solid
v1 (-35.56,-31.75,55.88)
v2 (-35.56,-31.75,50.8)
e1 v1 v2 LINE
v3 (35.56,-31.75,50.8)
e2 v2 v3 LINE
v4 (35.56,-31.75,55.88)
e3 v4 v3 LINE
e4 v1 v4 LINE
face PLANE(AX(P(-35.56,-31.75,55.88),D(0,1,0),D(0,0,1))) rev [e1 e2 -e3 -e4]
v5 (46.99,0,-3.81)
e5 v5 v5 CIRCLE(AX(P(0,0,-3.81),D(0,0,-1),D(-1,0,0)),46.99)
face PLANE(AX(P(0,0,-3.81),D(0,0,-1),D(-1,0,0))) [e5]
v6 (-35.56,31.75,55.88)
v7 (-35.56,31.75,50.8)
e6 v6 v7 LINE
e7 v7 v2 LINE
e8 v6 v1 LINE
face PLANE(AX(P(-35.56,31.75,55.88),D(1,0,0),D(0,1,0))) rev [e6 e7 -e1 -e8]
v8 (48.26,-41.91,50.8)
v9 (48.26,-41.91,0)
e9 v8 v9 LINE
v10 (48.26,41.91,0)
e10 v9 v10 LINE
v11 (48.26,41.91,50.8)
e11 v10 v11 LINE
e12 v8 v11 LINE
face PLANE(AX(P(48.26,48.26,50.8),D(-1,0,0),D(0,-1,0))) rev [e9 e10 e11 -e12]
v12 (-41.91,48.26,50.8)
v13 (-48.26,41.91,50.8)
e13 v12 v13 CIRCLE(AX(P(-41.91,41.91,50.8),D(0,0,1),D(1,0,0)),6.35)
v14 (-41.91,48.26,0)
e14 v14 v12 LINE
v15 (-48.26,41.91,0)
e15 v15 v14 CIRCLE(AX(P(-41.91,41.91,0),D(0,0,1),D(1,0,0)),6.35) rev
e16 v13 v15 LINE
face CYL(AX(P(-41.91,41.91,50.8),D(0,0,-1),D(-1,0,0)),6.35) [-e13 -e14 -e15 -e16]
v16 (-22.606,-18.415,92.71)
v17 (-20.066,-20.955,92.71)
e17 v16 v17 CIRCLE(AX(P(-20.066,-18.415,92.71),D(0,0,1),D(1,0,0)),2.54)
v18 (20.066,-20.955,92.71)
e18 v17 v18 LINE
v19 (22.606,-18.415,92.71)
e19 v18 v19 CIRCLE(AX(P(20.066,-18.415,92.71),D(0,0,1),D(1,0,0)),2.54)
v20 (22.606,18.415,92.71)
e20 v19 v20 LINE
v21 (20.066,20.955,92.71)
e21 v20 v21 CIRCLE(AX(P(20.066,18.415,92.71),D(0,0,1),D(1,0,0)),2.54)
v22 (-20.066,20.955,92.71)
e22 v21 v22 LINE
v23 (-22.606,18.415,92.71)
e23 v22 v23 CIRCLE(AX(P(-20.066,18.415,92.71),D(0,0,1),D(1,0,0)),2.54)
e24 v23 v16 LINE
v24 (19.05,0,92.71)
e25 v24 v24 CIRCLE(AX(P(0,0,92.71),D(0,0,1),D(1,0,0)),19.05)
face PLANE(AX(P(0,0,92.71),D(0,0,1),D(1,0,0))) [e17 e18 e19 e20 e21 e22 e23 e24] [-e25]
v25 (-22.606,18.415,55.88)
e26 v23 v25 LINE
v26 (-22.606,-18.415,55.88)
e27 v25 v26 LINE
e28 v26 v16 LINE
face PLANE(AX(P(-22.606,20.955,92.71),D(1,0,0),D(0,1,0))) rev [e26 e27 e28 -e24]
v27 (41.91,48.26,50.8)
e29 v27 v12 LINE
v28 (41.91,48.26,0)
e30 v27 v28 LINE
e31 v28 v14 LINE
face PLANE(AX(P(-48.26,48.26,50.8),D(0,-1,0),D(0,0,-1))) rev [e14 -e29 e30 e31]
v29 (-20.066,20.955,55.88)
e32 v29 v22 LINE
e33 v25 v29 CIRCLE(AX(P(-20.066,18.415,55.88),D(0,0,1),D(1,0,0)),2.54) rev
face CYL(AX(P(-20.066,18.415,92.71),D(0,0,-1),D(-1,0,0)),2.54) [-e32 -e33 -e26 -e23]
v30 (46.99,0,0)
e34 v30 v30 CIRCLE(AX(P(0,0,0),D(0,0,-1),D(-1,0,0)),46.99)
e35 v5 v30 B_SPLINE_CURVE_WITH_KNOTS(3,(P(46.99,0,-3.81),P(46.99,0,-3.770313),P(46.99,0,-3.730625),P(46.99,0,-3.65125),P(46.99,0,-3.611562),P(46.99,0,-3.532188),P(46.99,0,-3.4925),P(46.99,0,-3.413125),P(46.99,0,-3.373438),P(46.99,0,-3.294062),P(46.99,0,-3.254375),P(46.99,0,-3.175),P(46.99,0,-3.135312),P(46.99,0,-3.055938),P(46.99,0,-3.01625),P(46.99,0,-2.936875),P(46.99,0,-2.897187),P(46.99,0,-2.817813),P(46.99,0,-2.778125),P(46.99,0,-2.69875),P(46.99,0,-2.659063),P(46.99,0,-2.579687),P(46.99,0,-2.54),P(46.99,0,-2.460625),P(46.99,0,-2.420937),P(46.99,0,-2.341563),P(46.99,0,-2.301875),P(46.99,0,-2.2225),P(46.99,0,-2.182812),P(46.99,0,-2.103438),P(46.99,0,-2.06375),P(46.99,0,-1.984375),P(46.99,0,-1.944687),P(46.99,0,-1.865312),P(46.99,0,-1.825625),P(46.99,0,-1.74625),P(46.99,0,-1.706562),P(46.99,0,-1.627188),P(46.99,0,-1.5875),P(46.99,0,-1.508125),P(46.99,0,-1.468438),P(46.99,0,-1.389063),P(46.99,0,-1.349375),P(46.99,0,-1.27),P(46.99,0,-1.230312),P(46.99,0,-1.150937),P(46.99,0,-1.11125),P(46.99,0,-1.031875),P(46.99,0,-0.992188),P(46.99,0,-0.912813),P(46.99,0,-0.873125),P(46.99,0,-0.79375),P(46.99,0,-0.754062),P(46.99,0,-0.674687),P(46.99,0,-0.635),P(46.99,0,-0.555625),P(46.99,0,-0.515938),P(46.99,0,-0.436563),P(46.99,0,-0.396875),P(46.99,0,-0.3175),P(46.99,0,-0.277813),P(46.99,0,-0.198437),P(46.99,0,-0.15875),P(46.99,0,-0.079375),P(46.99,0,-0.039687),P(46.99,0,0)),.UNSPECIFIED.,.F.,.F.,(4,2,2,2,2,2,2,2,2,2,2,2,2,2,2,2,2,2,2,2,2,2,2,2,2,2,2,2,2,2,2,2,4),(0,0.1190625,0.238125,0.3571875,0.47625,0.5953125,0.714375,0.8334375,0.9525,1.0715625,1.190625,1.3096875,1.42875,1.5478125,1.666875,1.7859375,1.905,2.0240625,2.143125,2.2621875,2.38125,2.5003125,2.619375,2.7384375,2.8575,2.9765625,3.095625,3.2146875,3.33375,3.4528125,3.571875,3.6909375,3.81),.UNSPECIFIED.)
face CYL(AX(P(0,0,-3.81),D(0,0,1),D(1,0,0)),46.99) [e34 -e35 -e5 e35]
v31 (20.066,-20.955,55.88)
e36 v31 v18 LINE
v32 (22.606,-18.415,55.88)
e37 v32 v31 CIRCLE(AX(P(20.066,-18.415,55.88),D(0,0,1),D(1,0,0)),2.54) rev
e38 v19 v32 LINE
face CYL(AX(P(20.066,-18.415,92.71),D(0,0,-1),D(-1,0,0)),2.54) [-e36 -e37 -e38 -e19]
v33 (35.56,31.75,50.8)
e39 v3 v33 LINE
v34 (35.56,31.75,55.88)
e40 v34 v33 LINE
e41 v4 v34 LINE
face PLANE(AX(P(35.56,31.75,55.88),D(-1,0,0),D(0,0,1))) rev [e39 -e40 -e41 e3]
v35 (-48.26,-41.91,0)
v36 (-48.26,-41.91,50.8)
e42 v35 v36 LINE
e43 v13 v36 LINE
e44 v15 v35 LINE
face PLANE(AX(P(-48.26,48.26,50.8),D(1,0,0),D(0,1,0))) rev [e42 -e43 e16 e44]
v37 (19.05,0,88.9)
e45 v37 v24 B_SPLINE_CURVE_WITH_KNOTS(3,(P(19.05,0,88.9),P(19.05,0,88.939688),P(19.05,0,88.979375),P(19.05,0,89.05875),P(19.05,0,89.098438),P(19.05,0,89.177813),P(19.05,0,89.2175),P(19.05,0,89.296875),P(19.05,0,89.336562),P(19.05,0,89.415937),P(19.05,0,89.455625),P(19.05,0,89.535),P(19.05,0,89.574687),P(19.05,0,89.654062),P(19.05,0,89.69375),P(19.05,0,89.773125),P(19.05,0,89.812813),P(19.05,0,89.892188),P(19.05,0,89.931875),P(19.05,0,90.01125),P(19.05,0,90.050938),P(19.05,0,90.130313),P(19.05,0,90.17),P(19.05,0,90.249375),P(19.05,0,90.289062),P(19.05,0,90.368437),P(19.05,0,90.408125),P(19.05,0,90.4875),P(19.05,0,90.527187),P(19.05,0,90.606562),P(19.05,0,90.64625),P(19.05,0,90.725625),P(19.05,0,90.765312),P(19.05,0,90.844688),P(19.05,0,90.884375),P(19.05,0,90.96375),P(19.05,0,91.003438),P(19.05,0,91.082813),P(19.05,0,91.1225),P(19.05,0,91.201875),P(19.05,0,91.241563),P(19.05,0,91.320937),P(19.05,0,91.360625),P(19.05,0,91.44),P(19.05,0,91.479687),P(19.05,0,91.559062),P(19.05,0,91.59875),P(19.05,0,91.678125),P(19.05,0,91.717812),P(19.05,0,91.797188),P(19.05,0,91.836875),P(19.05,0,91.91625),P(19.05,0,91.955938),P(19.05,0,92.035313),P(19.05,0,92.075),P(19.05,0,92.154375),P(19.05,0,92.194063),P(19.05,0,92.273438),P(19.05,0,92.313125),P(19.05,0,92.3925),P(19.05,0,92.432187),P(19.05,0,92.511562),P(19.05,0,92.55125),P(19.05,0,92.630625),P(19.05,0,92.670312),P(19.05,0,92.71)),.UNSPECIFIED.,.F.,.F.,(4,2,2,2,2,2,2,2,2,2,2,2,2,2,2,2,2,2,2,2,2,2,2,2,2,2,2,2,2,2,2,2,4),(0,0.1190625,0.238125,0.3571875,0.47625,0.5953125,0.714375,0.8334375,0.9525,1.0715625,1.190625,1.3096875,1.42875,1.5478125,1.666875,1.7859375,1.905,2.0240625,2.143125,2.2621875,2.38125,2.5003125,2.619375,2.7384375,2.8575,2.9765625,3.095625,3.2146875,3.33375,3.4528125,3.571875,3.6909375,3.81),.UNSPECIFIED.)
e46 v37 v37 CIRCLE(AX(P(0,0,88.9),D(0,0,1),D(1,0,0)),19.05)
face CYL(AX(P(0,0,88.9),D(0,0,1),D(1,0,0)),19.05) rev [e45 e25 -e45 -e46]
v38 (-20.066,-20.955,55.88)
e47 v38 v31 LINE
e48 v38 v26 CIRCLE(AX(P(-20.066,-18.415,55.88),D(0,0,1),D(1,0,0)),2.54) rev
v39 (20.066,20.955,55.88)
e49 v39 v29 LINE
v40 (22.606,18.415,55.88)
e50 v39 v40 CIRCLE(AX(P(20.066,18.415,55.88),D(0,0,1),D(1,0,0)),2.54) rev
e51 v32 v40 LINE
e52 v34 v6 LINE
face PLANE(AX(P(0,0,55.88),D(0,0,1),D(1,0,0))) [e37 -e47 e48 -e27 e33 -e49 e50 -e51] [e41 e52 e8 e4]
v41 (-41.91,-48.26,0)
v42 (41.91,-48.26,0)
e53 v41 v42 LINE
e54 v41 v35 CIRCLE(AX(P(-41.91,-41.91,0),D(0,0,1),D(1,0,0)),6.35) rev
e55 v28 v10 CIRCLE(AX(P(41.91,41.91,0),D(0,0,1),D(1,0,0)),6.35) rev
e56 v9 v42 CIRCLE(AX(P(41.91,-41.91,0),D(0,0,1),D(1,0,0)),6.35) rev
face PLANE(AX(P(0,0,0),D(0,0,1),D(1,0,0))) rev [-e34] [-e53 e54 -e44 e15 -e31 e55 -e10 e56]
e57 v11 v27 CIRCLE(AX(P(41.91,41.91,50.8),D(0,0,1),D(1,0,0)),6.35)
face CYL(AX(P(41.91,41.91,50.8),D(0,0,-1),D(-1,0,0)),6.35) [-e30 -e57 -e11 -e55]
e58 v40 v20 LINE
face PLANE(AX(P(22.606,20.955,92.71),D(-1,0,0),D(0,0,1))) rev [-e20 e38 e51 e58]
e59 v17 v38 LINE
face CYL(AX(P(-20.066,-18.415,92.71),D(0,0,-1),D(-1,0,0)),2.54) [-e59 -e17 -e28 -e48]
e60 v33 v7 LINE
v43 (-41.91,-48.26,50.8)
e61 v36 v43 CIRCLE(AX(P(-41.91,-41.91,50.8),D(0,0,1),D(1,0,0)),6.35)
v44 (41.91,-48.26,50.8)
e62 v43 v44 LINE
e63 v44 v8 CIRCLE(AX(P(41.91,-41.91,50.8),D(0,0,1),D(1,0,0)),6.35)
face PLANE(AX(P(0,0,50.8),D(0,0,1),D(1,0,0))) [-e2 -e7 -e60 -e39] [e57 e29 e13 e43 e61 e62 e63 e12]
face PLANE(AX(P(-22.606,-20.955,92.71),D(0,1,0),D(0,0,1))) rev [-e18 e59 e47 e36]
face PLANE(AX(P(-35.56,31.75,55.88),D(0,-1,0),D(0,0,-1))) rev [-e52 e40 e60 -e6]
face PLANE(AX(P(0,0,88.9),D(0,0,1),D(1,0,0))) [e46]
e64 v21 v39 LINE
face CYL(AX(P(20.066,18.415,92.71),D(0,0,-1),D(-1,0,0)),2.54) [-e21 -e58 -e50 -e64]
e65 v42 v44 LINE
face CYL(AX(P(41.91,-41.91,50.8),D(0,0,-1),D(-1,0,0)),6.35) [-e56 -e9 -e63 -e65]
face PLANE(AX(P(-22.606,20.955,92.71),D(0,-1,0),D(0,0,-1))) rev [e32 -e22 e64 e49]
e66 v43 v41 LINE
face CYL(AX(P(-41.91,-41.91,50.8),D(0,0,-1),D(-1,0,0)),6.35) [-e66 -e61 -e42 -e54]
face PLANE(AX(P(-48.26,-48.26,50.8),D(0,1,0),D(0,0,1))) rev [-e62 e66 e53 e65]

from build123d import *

# Parameters (mm, degrees)
SKETCH1_W           = 96.52
SKETCH1_H           = 96.52
BOSS_EXTRUDE1_DEPTH = 50.8
SKETCH2_W           = 71.12
SKETCH2_H           = 63.5
BOSS_EXTRUDE2_DEPTH = 5.08
SKETCH3_W           = 45.212
SKETCH3_H           = 41.91
BOSS_EXTRUDE3_DEPTH = 36.83
SKETCH4_R           = 19.05
CUT_EXTRUDE1_DEPTH  = 3.81
SKETCH5_R           = 46.99
BOSS_EXTRUDE4_DEPTH = 3.81
FILLET1_R           = 2.54
FILLET2_R           = 6.35


with BuildPart() as part:
    # Sketch1 → Boss-Extrude1 (new body)
    with BuildSketch(Plane.XY):
        Rectangle(SKETCH1_W, SKETCH1_H)
    extrude(amount=BOSS_EXTRUDE1_DEPTH)

    # Sketch2 → Boss-Extrude2 (add)
    with BuildSketch(Plane.XY.offset(50.8)):
        Rectangle(SKETCH2_W, SKETCH2_H)
    extrude(amount=BOSS_EXTRUDE2_DEPTH)

    # Sketch3 → Boss-Extrude3 (add)
    with BuildSketch(Plane.XY.offset(55.88)):
        Rectangle(SKETCH3_W, SKETCH3_H)
    extrude(amount=BOSS_EXTRUDE3_DEPTH)

    # Sketch4 → Cut-Extrude1 (cut)
    with BuildSketch(Plane.XY.offset(92.71)):
        Circle(SKETCH4_R)
    extrude(amount=-CUT_EXTRUDE1_DEPTH, mode=Mode.SUBTRACT)

    # Sketch5 → Boss-Extrude4 (add)
    with BuildSketch(Plane(origin=(0, 0, 0), x_dir=(-1, 0, 0), z_dir=(0, 0, -1))):
        with Locations(Location((0, 0, 0), (0, 0, 180))):
            Circle(SKETCH5_R)
    extrude(amount=BOSS_EXTRUDE4_DEPTH)

    # Fillet1
    fillet1_edges = [part.edges().sort_by_distance(p)[0] for p in [
        (22.606, -20.955, 74.295),
        (22.606, 20.955, 74.295),
        (-22.606, 20.955, 74.295),
        (-22.606, -20.955, 74.295),
    ]]
    fillet(fillet1_edges, radius=FILLET1_R)

    # Fillet2
    fillet2_edges = [part.edges().sort_by_distance(p)[0] for p in [
        (48.26, -48.26, 25.4),
        (-48.26, -48.26, 25.4),
        (-48.26, 48.26, 25.4),
        (48.26, 48.26, 25.4),
    ]]
    fillet(fillet2_edges, radius=FILLET2_R)


solid = part.part
